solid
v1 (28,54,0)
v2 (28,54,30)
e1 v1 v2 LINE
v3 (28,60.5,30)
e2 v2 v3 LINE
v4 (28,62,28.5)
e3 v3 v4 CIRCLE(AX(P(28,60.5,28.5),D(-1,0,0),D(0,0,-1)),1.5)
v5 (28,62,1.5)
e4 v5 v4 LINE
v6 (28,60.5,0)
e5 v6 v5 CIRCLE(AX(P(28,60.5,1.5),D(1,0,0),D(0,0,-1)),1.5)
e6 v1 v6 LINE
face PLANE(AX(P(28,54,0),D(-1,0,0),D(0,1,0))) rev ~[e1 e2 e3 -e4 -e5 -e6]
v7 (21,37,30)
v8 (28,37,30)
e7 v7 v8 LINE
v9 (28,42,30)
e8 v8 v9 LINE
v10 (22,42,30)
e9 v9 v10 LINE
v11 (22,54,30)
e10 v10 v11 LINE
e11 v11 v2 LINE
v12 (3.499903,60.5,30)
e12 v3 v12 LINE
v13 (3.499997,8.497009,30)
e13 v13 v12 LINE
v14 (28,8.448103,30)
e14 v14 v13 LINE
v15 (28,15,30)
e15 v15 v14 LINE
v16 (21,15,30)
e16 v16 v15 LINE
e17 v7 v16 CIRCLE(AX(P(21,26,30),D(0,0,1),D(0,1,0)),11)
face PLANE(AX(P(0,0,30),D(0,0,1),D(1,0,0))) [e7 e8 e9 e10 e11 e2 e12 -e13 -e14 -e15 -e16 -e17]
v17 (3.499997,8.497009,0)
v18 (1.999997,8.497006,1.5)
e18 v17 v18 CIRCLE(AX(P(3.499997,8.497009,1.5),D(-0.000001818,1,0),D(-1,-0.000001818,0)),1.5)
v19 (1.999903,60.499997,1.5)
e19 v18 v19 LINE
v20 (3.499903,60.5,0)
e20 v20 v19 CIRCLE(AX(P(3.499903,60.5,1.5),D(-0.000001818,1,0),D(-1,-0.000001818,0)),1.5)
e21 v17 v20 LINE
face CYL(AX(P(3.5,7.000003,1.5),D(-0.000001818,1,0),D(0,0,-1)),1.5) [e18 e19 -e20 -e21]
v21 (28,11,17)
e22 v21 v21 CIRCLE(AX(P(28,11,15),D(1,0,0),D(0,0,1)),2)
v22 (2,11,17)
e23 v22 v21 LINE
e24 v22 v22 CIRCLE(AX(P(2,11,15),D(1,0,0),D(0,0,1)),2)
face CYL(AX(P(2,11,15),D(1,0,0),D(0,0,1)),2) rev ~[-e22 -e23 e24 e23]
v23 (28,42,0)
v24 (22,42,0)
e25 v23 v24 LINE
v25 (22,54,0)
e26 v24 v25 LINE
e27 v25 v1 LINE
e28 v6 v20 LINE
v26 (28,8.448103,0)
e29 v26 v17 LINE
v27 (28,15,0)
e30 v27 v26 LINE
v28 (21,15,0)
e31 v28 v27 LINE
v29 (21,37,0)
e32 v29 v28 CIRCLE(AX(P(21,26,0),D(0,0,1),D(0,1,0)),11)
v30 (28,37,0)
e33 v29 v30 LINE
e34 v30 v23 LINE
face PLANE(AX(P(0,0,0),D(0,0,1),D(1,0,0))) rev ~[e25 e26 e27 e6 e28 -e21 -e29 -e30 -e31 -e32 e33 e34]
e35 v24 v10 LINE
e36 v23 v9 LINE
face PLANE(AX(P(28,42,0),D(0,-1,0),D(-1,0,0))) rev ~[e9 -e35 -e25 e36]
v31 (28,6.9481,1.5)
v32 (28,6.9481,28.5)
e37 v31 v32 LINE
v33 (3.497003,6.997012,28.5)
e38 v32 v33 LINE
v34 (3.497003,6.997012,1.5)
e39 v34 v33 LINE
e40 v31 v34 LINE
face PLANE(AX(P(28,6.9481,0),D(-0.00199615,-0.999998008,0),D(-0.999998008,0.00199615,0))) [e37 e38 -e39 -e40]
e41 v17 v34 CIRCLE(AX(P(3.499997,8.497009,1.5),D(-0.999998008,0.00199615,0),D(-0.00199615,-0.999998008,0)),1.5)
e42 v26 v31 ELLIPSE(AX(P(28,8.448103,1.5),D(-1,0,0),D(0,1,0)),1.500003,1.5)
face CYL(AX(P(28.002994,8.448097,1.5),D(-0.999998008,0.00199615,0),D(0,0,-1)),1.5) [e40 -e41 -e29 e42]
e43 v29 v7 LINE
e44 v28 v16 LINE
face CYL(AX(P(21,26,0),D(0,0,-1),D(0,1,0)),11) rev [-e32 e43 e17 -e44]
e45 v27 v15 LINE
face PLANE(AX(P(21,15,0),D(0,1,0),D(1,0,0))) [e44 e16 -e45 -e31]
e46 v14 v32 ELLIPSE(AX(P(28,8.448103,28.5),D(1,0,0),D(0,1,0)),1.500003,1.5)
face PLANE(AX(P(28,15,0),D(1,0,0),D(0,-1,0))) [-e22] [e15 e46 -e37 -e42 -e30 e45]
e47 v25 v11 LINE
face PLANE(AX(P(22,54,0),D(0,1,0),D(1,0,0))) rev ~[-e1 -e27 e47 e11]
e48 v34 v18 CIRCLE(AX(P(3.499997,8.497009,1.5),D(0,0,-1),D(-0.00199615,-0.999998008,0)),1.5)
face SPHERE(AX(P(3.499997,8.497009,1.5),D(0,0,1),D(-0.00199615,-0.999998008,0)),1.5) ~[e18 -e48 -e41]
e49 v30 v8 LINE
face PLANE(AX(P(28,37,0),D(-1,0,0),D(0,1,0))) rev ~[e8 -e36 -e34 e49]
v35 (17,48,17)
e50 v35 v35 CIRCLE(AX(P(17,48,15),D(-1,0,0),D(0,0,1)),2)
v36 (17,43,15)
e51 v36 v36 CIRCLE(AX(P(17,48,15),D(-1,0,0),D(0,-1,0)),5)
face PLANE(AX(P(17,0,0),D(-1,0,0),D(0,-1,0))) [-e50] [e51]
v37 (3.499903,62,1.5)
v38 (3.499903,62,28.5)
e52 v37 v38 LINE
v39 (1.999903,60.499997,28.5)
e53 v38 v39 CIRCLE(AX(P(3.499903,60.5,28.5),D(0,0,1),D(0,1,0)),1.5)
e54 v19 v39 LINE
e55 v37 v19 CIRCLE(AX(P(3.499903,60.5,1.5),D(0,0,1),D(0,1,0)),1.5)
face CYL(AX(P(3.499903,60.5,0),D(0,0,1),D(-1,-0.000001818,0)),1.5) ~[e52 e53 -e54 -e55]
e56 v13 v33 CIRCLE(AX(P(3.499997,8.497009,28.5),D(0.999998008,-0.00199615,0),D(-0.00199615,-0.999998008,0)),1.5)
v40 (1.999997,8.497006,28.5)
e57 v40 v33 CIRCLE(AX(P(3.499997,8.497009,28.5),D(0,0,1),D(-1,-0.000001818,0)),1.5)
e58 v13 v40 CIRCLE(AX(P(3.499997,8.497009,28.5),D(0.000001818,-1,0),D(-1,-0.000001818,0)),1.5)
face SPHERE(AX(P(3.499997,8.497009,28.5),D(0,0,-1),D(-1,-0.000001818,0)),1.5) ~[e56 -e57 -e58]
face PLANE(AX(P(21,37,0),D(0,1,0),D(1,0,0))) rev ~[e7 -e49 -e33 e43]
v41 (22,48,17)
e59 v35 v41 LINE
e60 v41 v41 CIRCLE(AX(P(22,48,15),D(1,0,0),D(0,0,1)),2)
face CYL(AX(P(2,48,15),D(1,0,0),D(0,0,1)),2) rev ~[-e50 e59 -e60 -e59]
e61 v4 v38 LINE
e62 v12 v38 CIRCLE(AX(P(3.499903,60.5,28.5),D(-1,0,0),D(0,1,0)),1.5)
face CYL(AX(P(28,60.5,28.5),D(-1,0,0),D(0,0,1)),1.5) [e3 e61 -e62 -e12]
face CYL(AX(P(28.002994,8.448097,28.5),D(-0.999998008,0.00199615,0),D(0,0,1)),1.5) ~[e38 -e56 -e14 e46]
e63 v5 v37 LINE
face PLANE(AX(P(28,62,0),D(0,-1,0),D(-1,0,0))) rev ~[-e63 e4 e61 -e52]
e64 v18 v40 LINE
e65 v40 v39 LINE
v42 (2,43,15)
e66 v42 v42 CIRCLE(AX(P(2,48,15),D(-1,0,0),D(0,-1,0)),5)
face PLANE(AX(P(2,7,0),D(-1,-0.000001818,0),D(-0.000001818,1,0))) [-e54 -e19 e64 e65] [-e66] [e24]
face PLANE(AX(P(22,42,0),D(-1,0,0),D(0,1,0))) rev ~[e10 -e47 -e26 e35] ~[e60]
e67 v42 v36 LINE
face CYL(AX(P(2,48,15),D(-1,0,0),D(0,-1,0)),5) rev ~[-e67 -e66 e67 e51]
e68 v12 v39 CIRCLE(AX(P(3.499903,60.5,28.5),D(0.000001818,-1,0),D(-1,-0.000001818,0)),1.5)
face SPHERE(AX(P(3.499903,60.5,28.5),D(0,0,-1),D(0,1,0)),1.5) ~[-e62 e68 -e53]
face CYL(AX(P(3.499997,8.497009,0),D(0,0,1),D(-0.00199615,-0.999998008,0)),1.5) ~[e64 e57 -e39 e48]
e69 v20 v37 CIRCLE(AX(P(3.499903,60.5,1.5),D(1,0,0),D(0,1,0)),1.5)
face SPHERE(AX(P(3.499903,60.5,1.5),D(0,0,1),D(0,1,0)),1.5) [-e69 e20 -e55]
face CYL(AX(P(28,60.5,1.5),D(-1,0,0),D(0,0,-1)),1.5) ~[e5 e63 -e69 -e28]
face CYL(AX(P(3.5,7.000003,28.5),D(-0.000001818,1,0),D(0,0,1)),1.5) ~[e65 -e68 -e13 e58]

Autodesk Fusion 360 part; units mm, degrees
sketch "Esboço1" plane through (0, 0, 0) normal (0, 0, 1) x (1, 0, 0)
  arc A0 (21, 37) -> (21, 15) centre (21, 26) ccw
  line L0 (1.9999, 62) -> (2, 62)
  line L1 (2, 7) -> (2, 62)
  line L2 (21, 37) -> (28, 37)
  line L3 (28, 37) -> (28, 42)
  line L4 (28, 42) -> (22, 42)
  line L5 (22, 42) -> (22, 54)
  line L6 (22, 54) -> (28, 54)
  line L7 (28, 54) -> (28, 62)
  line L8 (28, 62) -> (1.9999, 62)
  line L9 (21, 15) -> (28, 15)
  line L10 (28, 15) -> (28, 6.9481)
  line L11 (28, 6.9481) -> (2, 7)
  dimension "d13" = 11
  dimension "d18" = 6
  dimension "d19" = 12
  dimension "d21" = 8
extrude "Extrusão1" add sketch "Esboço1" along normal blind 30
hole "Furo1" at (2, 48, 15) direction (1, 0, 0) diameter 4 depth 40 tip angle 180
hole "Furo2" at (2, 11, 15) direction (1, 0, 0) diameter 4 depth 40 tip angle 180
fillet "Arredondamento1" radius 1.5 8 edges at (2, 34.5, 30) (15, 6.9741, 30) (2, 7, 15) (15, 6.9741, 0) (2, 34.5, 0) (2, 62, 15) (15, 62, 0) (15, 62, 30)
sketch "Esboço2" plane through (2, 0, 0) normal (-1, 0, 0) x (0, -1, 0)
  circle A0 centre (-48, 15) radius 2
  circle A1 centre (-11, 15) radius 2
  line L0 (-60.5, 1.5) -> (-8.497, 1.5)
  line L1 (-8.497, 1.5) -> (-8.497, 28.5)
  line L2 (-8.497, 28.5) -> (-60.5, 28.5)
  line L3 (-60.5, 28.5) -> (-60.5, 1.5)
  circle A2 centre (-48, 15) radius 5
extrude "Extrusão2" cut sketch "Esboço2" against normal blind 15 contours A2
